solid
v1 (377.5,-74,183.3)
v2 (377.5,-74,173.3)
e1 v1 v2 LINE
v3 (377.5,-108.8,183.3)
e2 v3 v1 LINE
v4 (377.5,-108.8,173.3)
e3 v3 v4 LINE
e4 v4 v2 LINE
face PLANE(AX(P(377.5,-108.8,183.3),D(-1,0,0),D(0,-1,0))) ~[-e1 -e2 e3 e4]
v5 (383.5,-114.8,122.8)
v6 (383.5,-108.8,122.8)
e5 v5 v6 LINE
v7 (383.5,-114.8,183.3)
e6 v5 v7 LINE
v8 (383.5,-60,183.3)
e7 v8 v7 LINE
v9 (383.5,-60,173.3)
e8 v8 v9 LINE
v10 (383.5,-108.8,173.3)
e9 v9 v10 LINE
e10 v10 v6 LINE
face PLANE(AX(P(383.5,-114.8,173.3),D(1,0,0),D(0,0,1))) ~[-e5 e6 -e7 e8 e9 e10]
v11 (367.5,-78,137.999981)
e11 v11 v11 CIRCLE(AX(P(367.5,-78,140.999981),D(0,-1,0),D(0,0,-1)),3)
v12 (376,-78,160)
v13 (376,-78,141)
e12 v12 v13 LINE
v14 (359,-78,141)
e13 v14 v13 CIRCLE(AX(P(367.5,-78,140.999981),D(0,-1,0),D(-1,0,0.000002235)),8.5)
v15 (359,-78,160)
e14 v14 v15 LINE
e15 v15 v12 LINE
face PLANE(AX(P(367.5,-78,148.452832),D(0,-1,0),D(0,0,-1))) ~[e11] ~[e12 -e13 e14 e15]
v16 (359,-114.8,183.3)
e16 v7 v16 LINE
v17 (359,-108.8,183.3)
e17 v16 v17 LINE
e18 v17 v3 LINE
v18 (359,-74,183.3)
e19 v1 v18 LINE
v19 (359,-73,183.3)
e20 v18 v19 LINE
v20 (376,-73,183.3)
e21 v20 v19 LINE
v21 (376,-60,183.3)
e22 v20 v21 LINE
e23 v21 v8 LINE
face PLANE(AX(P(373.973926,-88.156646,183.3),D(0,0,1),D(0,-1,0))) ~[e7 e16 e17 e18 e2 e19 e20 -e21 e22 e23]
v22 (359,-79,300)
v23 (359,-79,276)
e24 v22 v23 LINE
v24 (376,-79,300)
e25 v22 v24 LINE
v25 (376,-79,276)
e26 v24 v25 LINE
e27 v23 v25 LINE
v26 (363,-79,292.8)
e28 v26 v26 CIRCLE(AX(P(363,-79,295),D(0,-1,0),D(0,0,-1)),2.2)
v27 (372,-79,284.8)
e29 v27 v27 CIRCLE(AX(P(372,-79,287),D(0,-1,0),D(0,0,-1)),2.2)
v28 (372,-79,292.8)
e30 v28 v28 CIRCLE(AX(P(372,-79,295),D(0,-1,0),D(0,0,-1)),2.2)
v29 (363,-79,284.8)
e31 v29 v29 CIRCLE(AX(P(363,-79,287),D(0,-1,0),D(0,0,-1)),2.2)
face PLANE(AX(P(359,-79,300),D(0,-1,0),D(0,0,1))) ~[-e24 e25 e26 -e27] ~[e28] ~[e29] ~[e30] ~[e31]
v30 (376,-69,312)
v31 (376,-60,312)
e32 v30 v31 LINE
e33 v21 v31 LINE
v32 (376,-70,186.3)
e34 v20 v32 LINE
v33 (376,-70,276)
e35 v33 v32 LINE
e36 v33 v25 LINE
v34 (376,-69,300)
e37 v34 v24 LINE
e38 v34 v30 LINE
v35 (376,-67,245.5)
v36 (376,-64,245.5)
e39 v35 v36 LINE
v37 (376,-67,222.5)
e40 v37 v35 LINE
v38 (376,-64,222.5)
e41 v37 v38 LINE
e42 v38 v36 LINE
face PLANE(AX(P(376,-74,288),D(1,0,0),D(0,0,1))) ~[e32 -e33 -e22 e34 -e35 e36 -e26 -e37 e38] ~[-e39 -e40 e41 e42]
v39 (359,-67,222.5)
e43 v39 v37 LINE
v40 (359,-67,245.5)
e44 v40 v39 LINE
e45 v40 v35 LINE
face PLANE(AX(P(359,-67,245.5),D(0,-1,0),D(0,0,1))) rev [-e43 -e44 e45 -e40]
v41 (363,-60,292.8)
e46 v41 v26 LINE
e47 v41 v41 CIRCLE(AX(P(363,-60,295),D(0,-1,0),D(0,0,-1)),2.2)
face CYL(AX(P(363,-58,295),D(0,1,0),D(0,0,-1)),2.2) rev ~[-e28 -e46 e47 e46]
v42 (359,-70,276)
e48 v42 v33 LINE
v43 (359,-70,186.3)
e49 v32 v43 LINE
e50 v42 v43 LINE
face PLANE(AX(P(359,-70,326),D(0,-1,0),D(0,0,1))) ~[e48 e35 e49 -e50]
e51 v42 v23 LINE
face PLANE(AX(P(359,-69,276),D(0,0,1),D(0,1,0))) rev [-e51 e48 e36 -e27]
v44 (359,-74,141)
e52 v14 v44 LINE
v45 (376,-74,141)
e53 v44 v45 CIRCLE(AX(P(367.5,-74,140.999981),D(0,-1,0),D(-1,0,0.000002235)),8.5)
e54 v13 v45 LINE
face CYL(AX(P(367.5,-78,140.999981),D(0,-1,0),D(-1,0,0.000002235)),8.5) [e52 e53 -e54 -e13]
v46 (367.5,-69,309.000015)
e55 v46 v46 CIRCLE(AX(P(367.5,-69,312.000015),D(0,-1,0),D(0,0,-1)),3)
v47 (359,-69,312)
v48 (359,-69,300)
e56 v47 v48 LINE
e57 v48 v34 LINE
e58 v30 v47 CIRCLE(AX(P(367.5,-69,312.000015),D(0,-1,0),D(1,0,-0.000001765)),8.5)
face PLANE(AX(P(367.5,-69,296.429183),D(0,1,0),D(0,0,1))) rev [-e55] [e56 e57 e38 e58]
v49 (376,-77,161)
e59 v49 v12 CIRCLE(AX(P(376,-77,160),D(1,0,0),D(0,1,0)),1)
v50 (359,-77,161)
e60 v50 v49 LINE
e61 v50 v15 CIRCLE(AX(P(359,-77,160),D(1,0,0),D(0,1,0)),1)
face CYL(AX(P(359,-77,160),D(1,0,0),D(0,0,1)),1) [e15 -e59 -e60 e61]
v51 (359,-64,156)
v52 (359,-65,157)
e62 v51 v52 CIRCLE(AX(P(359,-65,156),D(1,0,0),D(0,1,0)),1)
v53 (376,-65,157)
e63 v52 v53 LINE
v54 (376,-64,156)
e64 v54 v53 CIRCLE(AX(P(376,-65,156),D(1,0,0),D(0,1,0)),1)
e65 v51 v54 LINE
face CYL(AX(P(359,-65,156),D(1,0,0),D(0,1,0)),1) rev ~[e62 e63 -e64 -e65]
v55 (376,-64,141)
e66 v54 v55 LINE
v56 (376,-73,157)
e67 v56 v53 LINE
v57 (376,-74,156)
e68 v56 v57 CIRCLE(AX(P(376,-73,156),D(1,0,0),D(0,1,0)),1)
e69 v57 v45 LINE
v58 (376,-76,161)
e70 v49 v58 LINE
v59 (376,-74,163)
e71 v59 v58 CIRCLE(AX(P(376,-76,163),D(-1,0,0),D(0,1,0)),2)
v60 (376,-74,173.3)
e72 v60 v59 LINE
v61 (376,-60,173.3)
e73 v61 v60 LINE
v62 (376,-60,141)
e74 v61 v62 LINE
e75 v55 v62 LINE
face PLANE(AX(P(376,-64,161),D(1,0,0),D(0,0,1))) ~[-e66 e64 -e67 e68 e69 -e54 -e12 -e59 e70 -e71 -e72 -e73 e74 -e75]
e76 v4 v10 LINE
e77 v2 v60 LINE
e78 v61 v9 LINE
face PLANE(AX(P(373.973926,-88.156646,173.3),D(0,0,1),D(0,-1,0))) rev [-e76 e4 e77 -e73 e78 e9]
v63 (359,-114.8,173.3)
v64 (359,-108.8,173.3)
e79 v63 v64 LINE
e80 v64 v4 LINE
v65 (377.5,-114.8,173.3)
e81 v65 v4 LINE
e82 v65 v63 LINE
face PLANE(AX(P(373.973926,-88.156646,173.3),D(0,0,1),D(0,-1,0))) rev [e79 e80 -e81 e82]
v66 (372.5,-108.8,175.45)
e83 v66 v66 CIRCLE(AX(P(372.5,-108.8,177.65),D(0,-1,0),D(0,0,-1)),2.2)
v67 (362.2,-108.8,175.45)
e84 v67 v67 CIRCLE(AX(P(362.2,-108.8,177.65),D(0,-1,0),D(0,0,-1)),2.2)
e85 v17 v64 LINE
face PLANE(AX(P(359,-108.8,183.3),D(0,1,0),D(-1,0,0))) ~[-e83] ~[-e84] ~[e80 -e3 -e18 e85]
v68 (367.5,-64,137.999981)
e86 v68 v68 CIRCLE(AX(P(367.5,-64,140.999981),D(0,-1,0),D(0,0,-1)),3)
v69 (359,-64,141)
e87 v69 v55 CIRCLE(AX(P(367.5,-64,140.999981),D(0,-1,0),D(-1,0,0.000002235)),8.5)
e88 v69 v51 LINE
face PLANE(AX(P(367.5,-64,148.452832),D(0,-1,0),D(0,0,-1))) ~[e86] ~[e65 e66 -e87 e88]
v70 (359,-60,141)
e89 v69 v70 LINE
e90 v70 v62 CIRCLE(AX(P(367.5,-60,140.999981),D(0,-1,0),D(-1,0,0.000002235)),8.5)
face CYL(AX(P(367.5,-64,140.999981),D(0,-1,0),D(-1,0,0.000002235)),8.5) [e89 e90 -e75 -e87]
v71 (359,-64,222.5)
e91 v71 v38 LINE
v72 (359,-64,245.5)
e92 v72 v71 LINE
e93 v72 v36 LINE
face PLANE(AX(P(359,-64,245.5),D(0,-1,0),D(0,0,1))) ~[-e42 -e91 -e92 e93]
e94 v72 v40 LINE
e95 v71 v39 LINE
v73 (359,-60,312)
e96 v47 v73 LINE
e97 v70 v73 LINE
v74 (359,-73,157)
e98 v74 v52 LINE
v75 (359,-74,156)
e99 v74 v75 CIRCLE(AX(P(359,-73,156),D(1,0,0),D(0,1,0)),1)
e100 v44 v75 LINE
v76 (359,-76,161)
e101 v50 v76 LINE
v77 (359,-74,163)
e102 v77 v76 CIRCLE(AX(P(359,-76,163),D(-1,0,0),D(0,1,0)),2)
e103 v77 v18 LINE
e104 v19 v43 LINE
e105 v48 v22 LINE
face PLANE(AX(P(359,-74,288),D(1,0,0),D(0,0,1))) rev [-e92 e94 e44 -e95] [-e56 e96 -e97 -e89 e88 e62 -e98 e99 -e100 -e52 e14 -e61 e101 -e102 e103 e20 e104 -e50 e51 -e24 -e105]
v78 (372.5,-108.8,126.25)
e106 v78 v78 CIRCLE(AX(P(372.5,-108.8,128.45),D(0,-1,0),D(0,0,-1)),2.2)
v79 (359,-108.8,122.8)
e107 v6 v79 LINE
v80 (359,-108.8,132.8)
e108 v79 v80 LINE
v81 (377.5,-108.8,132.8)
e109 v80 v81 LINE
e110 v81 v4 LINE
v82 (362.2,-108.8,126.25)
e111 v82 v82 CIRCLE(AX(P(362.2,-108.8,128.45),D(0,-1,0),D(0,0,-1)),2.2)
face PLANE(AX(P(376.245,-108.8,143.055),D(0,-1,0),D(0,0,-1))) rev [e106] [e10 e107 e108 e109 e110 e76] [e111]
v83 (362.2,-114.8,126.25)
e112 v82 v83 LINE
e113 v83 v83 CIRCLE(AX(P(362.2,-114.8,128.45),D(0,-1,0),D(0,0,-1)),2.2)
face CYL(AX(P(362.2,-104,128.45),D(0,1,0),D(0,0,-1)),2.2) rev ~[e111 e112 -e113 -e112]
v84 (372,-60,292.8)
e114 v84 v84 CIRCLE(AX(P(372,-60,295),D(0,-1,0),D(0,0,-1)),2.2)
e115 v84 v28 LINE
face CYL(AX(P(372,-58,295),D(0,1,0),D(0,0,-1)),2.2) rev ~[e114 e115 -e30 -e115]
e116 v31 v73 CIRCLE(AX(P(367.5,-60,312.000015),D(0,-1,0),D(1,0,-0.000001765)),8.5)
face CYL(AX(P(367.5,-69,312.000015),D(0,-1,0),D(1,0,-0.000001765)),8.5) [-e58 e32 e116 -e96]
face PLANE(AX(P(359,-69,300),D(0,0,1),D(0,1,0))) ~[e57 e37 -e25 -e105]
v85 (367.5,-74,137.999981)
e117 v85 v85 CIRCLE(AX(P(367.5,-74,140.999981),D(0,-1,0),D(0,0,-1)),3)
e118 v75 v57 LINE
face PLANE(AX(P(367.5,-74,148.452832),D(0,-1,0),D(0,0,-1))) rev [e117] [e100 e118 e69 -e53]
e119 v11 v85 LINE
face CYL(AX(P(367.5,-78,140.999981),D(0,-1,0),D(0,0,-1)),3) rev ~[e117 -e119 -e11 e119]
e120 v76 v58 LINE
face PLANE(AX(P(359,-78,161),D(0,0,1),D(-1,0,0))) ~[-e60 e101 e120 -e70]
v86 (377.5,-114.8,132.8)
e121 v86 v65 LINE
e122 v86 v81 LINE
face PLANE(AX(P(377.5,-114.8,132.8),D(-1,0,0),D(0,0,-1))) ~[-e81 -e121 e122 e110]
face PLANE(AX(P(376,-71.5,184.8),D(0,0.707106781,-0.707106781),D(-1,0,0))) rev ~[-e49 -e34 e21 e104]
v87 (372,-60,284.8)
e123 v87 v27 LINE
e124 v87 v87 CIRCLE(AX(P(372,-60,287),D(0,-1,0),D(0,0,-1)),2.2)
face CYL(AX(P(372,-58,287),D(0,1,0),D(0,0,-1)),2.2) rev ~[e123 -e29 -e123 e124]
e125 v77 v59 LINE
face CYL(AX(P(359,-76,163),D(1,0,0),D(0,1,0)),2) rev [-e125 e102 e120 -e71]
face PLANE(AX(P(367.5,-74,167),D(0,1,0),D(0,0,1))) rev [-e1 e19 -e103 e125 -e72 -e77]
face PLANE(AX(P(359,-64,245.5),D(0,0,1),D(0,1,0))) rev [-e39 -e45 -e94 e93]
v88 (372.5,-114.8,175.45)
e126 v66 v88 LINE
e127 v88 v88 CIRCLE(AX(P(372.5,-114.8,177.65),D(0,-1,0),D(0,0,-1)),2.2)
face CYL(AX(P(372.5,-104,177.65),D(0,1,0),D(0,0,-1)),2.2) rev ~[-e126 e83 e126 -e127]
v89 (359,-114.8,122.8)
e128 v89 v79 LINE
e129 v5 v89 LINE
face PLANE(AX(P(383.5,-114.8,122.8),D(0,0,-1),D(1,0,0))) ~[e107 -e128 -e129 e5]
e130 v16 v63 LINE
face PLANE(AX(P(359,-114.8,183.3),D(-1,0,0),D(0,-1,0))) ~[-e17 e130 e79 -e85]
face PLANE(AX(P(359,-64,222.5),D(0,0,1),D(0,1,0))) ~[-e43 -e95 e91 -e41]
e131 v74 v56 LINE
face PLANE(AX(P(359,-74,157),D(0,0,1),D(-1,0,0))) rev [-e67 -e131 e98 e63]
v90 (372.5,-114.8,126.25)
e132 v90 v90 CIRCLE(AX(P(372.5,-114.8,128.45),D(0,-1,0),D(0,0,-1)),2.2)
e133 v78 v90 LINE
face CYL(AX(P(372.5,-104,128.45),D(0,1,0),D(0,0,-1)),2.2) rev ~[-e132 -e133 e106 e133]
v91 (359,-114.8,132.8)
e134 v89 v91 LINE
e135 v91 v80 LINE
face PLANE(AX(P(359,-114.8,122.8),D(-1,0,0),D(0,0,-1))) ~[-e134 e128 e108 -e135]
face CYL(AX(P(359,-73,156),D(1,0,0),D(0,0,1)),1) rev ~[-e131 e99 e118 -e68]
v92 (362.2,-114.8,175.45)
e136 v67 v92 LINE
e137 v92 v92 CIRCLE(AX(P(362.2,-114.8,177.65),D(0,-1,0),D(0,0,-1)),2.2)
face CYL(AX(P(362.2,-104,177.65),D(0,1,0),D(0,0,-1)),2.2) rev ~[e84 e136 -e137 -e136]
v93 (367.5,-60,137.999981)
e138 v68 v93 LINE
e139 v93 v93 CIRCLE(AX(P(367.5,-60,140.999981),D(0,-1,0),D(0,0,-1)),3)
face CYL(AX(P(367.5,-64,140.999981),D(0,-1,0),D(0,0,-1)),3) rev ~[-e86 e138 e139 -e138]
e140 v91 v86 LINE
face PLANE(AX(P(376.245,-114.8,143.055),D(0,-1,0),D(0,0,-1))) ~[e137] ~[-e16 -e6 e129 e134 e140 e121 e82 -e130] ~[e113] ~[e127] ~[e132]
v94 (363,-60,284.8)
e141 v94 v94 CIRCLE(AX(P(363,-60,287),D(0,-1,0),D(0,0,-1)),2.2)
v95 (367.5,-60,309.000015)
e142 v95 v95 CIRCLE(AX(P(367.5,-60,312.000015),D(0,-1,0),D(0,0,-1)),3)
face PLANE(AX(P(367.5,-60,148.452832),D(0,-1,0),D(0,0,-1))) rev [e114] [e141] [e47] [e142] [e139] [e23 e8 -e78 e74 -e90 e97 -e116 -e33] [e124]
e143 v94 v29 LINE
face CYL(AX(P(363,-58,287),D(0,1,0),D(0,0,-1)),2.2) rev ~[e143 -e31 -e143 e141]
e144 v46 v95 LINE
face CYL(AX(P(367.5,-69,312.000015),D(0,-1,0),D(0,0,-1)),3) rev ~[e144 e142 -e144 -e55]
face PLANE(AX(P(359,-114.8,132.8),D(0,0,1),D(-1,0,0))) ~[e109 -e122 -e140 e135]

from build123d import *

# Parameters (mm, degrees)
CYLINDER044_R                 = 2.2
CYLINDER044_DEPTH             = 26
CYLINDER044_ROLL_ANGLE        = -90
ARRAY011_X_COUNT              = 2
ARRAY011_X_PITCH              = 8
ARRAY011_Z_COUNT              = 2
ARRAY011_Z_PITCH              = 9
BOX034_W                      = 24
BOX034_H                      = 10
BOX034_DEPTH                  = 17
SKETCH030_R                   = 3
PAD030_DEPTH                  = 9
BOX035_W                      = 35
BOX035_H                      = 15
BOX035_DEPTH                  = 20
BOX032_W                      = 23
BOX032_H                      = 3
BOX032_DEPTH                  = 20
SKETCH024_R                   = 3
PAD024_DEPTH                  = 4
SKETCH025_R                   = 3
PAD025_DEPTH                  = 4
BOX029_W                      = 20
BOX029_H                      = 17
BOX029_DEPTH                  = 10
FILLET009_R                   = 1
FILLET009_ROLL_ANGLE          = 90
FILLET010_1_R                 = 2
FILLET010_2_R                 = 1
BOX028_W                      = 167
BOX028_H                      = 10
BOX028_DEPTH                  = 17
CYLINDER040_R                 = 2.2
CYLINDER040_DEPTH             = 18
CYLINDER040_ROLL_ANGLE        = -90
ARRAY008_X_COUNT              = 2
ARRAY008_X_PITCH              = 49.2
ARRAY008_Z_COUNT              = 2
ARRAY008_Z_PITCH              = 10.3
PAD029_DEPTH                  = 6
PAD028_DEPTH                  = 10
CHAMFER003_SIZE               = 3
PART_MIRRORING005_PITCH_ANGLE = 90


with BuildPart() as taladros_suje_traccion006:
    # Cylinder044 → Cylinder044 (new body)
    with BuildSketch(Plane.XY):
        Circle(CYLINDER044_R)
    extrude(amount=CYLINDER044_DEPTH)


with BuildPart() as taladros_suje_traccion006_1:
    # Cylinder044 roll: moved
    add(taladros_suje_traccion006.part.rotate(Axis((0, 0, 0), (1, 0, 0)), CYLINDER044_ROLL_ANGLE))


with BuildPart() as taladros_suje_traccion006_2:
    # Cylinder044 placement: moved
    add(taladros_suje_traccion006_1.part.moved(Location((202, 0, 4))))

    # Array011 X: Taladros_suje_traccion006 ×2


with BuildPart() as taladros_suje_traccion006_3:
    add(taladros_suje_traccion006_2.part)
    with Locations(*[(i * ARRAY011_X_PITCH, 0, 0) for i in range(1, ARRAY011_X_COUNT)]):
        add(taladros_suje_traccion006_2.part)

    # Array011 Z: Taladros_suje_traccion006 ×2


with BuildPart() as taladros_suje_traccion006_4:
    add(taladros_suje_traccion006_3.part)
    with Locations(*[(0, 0, i * ARRAY011_Z_PITCH) for i in range(1, ARRAY011_Z_COUNT)]):
        add(taladros_suje_traccion006_3.part)


with BuildPart() as taladros_suje_traccion006_5:
    # Array011 placement: moved
    add(taladros_suje_traccion006_4.part.moved(Location((-171, -5, 0))))


with BuildPart() as suj_traccion003:
    # Box034 → Box034 (new body)
    with BuildSketch(Plane(origin=(26, 6, 0), x_dir=(1, 0, 0), z_dir=(0, 0, 1))):
        with Locations((12, 5)):
            Rectangle(BOX034_W, BOX034_H)
    extrude(amount=BOX034_DEPTH)


with BuildPart() as circulo_tibia_gancho003:
    # Sketch030 → Pad030 (new body)
    with BuildSketch(Plane(origin=(50, 6, 0), x_dir=(1, 0, 0), z_dir=(0, -1, 0))):
        with BuildLine():
            Line((0, 17), (-36, 17))
            ThreePointArc((-36, 17), (-44.500015, 8.5), (-36, 0))
            Line((-36, 0), (0, 0))
            Line((0, 0), (0, 17))
        make_face()
        with Locations((-36.000015, 8.5)):
            Circle(SKETCH030_R, mode=Mode.SUBTRACT)
    extrude(amount=PAD030_DEPTH)


with BuildPart() as resta_redondeo_punta001:
    # Box035 → Box035 (new body)
    with BuildSketch(Plane(origin=(-2, -5, 0), x_dir=(1, 0, 0), z_dir=(0, 0, 1))):
        with Locations((17.5, 7.5)):
            Rectangle(BOX035_W, BOX035_H)
    extrude(amount=BOX035_DEPTH)


with BuildPart() as agarre002:
    # Box032 → Box032 (new body)
    with BuildSketch(Plane(origin=(80.5, 1, 0), x_dir=(1, 0, 0), z_dir=(0, 0, 1))):
        with Locations((11.5, 1.5)):
            Rectangle(BOX032_W, BOX032_H)
    extrude(amount=BOX032_DEPTH)


with BuildPart() as ciculo_gancho007:
    # Sketch024 → Pad024 (new body)
    with BuildSketch(Plane.XY):
        with BuildLine():
            Line((0, 17), (20, 17))
            ThreePointArc((20, 0), (28.500019, 8.5), (20, 17))
            Line((20, 0), (0, 0))
            Line((0, 0), (0, 17))
        make_face()
        with Locations((20.000019, 8.5)):
            Circle(SKETCH024_R, mode=Mode.SUBTRACT)
    extrude(amount=PAD024_DEPTH)


with BuildPart() as ciculo_gancho008:
    # Sketch025 → Pad025 (new body)
    with BuildSketch(Plane.XY.offset(14)):
        with BuildLine():
            Line((0, 17), (20, 17))
            ThreePointArc((20, 0), (28.500019, 8.5), (20, 17))
            Line((20, 0), (0, 0))
            Line((0, 0), (0, 17))
        make_face()
        with Locations((20.000019, 8.5)):
            Circle(SKETCH025_R, mode=Mode.SUBTRACT)
    extrude(amount=PAD025_DEPTH)


with BuildPart() as gancho_femur001:
    # Box029 → Box029 (new body)
    with BuildSketch(Plane(origin=(-16, 0, 4), x_dir=(1, 0, 0), z_dir=(0, 0, 1))):
        with Locations((10, 8.5)):
            Rectangle(BOX029_W, BOX029_H)
    extrude(amount=BOX029_DEPTH)

    # Fusion009003028: union Ciculo_gancho007, Ciculo_gancho008
    add(ciculo_gancho007.part)
    add(ciculo_gancho008.part)

    # Fillet009
    fillet009_edges = [gancho_femur001.edges().sort_by_distance(p)[0] for p in [
        (0, 8.5, 18),
        (-16, 0, 9),
        (-16, 17, 9),
        (0, 8.5, 0),
    ]]
    fillet(fillet009_edges, radius=FILLET009_R)


with BuildPart() as gancho_femur001_1:
    # Fillet009 roll: moved
    add(gancho_femur001.part.rotate(Axis((0, 0, 0), (1, 0, 0)), FILLET009_ROLL_ANGLE))


with BuildPart() as gancho_femur001_2:
    # Fillet009 placement: moved
    add(gancho_femur001_1.part.moved(Location((16, 15, 0))))

    # Fillet010 1
    fillet010_1_edges = [gancho_femur001_2.edges().sort_by_distance(p)[0] for p in [
        (16, 1, 8.5),
        (16, 11, 8.5),
    ]]
    fillet(fillet010_1_edges, radius=FILLET010_1_R)

    # Fillet010 2
    fillet010_2_edges = [gancho_femur001_2.edges().sort_by_distance(p)[0] for p in [
        (20, 1, 8.5),
        (20, 11, 8.5),
    ]]
    fillet(fillet010_2_edges, radius=FILLET010_2_R)


with BuildPart() as gancho_femur001_3:
    # Fillet010 placement: moved
    add(gancho_femur001_2.part.moved(Location((149, 0, 0))))


with BuildPart() as femur_agarre001:
    # Box028 → Box028 (new body)
    with BuildSketch(Plane(origin=(0, -3, 0), x_dir=(1, 0, 0), z_dir=(0, 0, 1))):
        with Locations((83.5, 5)):
            Rectangle(BOX028_W, BOX028_H)
    extrude(amount=BOX028_DEPTH)

    # Fusion009003029: union Gancho_femur001
    add(gancho_femur001_3.part)

    # Cut023: cut Agarre002
    add(agarre002.part, mode=Mode.SUBTRACT)


with BuildPart() as taladros_suje_motor003:
    # Cylinder040 → Cylinder040 (new body)
    with BuildSketch(Plane.XY):
        Circle(CYLINDER040_R)
    extrude(amount=CYLINDER040_DEPTH)


with BuildPart() as taladros_suje_motor003_1:
    # Cylinder040 roll: moved
    add(taladros_suje_motor003.part.rotate(Axis((0, 0, 0), (1, 0, 0)), CYLINDER040_ROLL_ANGLE))


with BuildPart() as taladros_suje_motor003_2:
    # Cylinder040 placement: moved
    add(taladros_suje_motor003_1.part.moved(Location((150.075, 41, 13.5))))

    # Array008 X: Taladros_suje_motor003 ×2


with BuildPart() as taladros_suje_motor003_3:
    add(taladros_suje_motor003_2.part)
    with Locations(*[(i * ARRAY008_X_PITCH, 0, 0) for i in range(1, ARRAY008_X_COUNT)]):
        add(taladros_suje_motor003_2.part)

    # Array008 Z: Taladros_suje_motor003 ×2


with BuildPart() as taladros_suje_motor003_4:
    add(taladros_suje_motor003_3.part)
    with Locations(*[(0, 0, -i * ARRAY008_Z_PITCH) for i in range(1, ARRAY008_Z_COUNT)]):
        add(taladros_suje_motor003_3.part)


with BuildPart() as suje_motor010:
    # Sketch029 → Pad029 (new body)
    with BuildSketch(Plane(origin=(10, 54.8, 0), x_dir=(1, 0, 0), z_dir=(0, -1, 0))):
        Polygon((0, 18.5), (0, 24.5), (50.5, 24.5), (50.5, 0), (40.5, 0), (40.5, 18.5), align=None)
    extrude(amount=PAD029_DEPTH)


with BuildPart() as femur_completo_sin_pulir001:
    # Sketch028 → Pad028 (new body)
    with BuildSketch(Plane.YZ):
        Polygon((14, 0), (0, 0), (0, 24.5), (54.8, 24.5), (54.8, 0), (48.8, 0), (48.8, 18.5), (14, 18.5), align=None)
    extrude(amount=PAD028_DEPTH)

    # Fusion009003033: union Suje_motor010
    add(suje_motor010.part)


with BuildPart() as femur_completo_sin_pulir001_1:
    # Fusion009003033 placement: moved
    add(femur_completo_sin_pulir001.part.moved(Location((144.425, -3, 0))))

    # Cut022: cut Taladros_suje_motor003
    add(taladros_suje_motor003_4.part, mode=Mode.SUBTRACT)


with BuildPart() as femur_completo_sin_pulir001_2:
    # Cut022 placement: moved
    add(femur_completo_sin_pulir001_1.part.moved(Location((-1.725, 0, 0))))

    # Fusion009003034: union Femur_agarre001
    add(femur_agarre001.part)

    # Chamfer003
    chamfer003_edges = [femur_completo_sin_pulir001_2.edges().sort_by_distance(p)[0] for p in [
        (142.7, 7, 8.5),
    ]]
    chamfer(chamfer003_edges, length=CHAMFER003_SIZE)

    # Cut027: cut resta_redondeo_punta001
    add(resta_redondeo_punta001.part, mode=Mode.SUBTRACT)

    # Fusion009003036: union Circulo_tibia_gancho003
    add(circulo_tibia_gancho003.part)

    # Fusion009003037: union Suj_traccion003
    add(suj_traccion003.part)

    # Cut028: cut Taladros_suje_traccion006
    add(taladros_suje_traccion006_5.part, mode=Mode.SUBTRACT)


with BuildPart() as part_mirroring005:
    # Part__Mirroring005: instance of Femur_completo_sin_pulir001
    add(femur_completo_sin_pulir001_2.part.mirror(Plane(origin=(0, 0, 0), x_dir=(1, 0, 0), z_dir=(0, 1, 0))))


with BuildPart() as part_mirroring005_1:
    # Part__Mirroring005 pitch: moved
    add(part_mirroring005.part.rotate(Axis((0, 0, 0), (0, 1, 0)), PART_MIRRORING005_PITCH_ANGLE))


with BuildPart() as part_mirroring005_2:
    # Part__Mirroring005 placement: moved
    add(part_mirroring005_1.part.moved(Location((359, -63, 326))))


solid = part_mirroring005_2.part
